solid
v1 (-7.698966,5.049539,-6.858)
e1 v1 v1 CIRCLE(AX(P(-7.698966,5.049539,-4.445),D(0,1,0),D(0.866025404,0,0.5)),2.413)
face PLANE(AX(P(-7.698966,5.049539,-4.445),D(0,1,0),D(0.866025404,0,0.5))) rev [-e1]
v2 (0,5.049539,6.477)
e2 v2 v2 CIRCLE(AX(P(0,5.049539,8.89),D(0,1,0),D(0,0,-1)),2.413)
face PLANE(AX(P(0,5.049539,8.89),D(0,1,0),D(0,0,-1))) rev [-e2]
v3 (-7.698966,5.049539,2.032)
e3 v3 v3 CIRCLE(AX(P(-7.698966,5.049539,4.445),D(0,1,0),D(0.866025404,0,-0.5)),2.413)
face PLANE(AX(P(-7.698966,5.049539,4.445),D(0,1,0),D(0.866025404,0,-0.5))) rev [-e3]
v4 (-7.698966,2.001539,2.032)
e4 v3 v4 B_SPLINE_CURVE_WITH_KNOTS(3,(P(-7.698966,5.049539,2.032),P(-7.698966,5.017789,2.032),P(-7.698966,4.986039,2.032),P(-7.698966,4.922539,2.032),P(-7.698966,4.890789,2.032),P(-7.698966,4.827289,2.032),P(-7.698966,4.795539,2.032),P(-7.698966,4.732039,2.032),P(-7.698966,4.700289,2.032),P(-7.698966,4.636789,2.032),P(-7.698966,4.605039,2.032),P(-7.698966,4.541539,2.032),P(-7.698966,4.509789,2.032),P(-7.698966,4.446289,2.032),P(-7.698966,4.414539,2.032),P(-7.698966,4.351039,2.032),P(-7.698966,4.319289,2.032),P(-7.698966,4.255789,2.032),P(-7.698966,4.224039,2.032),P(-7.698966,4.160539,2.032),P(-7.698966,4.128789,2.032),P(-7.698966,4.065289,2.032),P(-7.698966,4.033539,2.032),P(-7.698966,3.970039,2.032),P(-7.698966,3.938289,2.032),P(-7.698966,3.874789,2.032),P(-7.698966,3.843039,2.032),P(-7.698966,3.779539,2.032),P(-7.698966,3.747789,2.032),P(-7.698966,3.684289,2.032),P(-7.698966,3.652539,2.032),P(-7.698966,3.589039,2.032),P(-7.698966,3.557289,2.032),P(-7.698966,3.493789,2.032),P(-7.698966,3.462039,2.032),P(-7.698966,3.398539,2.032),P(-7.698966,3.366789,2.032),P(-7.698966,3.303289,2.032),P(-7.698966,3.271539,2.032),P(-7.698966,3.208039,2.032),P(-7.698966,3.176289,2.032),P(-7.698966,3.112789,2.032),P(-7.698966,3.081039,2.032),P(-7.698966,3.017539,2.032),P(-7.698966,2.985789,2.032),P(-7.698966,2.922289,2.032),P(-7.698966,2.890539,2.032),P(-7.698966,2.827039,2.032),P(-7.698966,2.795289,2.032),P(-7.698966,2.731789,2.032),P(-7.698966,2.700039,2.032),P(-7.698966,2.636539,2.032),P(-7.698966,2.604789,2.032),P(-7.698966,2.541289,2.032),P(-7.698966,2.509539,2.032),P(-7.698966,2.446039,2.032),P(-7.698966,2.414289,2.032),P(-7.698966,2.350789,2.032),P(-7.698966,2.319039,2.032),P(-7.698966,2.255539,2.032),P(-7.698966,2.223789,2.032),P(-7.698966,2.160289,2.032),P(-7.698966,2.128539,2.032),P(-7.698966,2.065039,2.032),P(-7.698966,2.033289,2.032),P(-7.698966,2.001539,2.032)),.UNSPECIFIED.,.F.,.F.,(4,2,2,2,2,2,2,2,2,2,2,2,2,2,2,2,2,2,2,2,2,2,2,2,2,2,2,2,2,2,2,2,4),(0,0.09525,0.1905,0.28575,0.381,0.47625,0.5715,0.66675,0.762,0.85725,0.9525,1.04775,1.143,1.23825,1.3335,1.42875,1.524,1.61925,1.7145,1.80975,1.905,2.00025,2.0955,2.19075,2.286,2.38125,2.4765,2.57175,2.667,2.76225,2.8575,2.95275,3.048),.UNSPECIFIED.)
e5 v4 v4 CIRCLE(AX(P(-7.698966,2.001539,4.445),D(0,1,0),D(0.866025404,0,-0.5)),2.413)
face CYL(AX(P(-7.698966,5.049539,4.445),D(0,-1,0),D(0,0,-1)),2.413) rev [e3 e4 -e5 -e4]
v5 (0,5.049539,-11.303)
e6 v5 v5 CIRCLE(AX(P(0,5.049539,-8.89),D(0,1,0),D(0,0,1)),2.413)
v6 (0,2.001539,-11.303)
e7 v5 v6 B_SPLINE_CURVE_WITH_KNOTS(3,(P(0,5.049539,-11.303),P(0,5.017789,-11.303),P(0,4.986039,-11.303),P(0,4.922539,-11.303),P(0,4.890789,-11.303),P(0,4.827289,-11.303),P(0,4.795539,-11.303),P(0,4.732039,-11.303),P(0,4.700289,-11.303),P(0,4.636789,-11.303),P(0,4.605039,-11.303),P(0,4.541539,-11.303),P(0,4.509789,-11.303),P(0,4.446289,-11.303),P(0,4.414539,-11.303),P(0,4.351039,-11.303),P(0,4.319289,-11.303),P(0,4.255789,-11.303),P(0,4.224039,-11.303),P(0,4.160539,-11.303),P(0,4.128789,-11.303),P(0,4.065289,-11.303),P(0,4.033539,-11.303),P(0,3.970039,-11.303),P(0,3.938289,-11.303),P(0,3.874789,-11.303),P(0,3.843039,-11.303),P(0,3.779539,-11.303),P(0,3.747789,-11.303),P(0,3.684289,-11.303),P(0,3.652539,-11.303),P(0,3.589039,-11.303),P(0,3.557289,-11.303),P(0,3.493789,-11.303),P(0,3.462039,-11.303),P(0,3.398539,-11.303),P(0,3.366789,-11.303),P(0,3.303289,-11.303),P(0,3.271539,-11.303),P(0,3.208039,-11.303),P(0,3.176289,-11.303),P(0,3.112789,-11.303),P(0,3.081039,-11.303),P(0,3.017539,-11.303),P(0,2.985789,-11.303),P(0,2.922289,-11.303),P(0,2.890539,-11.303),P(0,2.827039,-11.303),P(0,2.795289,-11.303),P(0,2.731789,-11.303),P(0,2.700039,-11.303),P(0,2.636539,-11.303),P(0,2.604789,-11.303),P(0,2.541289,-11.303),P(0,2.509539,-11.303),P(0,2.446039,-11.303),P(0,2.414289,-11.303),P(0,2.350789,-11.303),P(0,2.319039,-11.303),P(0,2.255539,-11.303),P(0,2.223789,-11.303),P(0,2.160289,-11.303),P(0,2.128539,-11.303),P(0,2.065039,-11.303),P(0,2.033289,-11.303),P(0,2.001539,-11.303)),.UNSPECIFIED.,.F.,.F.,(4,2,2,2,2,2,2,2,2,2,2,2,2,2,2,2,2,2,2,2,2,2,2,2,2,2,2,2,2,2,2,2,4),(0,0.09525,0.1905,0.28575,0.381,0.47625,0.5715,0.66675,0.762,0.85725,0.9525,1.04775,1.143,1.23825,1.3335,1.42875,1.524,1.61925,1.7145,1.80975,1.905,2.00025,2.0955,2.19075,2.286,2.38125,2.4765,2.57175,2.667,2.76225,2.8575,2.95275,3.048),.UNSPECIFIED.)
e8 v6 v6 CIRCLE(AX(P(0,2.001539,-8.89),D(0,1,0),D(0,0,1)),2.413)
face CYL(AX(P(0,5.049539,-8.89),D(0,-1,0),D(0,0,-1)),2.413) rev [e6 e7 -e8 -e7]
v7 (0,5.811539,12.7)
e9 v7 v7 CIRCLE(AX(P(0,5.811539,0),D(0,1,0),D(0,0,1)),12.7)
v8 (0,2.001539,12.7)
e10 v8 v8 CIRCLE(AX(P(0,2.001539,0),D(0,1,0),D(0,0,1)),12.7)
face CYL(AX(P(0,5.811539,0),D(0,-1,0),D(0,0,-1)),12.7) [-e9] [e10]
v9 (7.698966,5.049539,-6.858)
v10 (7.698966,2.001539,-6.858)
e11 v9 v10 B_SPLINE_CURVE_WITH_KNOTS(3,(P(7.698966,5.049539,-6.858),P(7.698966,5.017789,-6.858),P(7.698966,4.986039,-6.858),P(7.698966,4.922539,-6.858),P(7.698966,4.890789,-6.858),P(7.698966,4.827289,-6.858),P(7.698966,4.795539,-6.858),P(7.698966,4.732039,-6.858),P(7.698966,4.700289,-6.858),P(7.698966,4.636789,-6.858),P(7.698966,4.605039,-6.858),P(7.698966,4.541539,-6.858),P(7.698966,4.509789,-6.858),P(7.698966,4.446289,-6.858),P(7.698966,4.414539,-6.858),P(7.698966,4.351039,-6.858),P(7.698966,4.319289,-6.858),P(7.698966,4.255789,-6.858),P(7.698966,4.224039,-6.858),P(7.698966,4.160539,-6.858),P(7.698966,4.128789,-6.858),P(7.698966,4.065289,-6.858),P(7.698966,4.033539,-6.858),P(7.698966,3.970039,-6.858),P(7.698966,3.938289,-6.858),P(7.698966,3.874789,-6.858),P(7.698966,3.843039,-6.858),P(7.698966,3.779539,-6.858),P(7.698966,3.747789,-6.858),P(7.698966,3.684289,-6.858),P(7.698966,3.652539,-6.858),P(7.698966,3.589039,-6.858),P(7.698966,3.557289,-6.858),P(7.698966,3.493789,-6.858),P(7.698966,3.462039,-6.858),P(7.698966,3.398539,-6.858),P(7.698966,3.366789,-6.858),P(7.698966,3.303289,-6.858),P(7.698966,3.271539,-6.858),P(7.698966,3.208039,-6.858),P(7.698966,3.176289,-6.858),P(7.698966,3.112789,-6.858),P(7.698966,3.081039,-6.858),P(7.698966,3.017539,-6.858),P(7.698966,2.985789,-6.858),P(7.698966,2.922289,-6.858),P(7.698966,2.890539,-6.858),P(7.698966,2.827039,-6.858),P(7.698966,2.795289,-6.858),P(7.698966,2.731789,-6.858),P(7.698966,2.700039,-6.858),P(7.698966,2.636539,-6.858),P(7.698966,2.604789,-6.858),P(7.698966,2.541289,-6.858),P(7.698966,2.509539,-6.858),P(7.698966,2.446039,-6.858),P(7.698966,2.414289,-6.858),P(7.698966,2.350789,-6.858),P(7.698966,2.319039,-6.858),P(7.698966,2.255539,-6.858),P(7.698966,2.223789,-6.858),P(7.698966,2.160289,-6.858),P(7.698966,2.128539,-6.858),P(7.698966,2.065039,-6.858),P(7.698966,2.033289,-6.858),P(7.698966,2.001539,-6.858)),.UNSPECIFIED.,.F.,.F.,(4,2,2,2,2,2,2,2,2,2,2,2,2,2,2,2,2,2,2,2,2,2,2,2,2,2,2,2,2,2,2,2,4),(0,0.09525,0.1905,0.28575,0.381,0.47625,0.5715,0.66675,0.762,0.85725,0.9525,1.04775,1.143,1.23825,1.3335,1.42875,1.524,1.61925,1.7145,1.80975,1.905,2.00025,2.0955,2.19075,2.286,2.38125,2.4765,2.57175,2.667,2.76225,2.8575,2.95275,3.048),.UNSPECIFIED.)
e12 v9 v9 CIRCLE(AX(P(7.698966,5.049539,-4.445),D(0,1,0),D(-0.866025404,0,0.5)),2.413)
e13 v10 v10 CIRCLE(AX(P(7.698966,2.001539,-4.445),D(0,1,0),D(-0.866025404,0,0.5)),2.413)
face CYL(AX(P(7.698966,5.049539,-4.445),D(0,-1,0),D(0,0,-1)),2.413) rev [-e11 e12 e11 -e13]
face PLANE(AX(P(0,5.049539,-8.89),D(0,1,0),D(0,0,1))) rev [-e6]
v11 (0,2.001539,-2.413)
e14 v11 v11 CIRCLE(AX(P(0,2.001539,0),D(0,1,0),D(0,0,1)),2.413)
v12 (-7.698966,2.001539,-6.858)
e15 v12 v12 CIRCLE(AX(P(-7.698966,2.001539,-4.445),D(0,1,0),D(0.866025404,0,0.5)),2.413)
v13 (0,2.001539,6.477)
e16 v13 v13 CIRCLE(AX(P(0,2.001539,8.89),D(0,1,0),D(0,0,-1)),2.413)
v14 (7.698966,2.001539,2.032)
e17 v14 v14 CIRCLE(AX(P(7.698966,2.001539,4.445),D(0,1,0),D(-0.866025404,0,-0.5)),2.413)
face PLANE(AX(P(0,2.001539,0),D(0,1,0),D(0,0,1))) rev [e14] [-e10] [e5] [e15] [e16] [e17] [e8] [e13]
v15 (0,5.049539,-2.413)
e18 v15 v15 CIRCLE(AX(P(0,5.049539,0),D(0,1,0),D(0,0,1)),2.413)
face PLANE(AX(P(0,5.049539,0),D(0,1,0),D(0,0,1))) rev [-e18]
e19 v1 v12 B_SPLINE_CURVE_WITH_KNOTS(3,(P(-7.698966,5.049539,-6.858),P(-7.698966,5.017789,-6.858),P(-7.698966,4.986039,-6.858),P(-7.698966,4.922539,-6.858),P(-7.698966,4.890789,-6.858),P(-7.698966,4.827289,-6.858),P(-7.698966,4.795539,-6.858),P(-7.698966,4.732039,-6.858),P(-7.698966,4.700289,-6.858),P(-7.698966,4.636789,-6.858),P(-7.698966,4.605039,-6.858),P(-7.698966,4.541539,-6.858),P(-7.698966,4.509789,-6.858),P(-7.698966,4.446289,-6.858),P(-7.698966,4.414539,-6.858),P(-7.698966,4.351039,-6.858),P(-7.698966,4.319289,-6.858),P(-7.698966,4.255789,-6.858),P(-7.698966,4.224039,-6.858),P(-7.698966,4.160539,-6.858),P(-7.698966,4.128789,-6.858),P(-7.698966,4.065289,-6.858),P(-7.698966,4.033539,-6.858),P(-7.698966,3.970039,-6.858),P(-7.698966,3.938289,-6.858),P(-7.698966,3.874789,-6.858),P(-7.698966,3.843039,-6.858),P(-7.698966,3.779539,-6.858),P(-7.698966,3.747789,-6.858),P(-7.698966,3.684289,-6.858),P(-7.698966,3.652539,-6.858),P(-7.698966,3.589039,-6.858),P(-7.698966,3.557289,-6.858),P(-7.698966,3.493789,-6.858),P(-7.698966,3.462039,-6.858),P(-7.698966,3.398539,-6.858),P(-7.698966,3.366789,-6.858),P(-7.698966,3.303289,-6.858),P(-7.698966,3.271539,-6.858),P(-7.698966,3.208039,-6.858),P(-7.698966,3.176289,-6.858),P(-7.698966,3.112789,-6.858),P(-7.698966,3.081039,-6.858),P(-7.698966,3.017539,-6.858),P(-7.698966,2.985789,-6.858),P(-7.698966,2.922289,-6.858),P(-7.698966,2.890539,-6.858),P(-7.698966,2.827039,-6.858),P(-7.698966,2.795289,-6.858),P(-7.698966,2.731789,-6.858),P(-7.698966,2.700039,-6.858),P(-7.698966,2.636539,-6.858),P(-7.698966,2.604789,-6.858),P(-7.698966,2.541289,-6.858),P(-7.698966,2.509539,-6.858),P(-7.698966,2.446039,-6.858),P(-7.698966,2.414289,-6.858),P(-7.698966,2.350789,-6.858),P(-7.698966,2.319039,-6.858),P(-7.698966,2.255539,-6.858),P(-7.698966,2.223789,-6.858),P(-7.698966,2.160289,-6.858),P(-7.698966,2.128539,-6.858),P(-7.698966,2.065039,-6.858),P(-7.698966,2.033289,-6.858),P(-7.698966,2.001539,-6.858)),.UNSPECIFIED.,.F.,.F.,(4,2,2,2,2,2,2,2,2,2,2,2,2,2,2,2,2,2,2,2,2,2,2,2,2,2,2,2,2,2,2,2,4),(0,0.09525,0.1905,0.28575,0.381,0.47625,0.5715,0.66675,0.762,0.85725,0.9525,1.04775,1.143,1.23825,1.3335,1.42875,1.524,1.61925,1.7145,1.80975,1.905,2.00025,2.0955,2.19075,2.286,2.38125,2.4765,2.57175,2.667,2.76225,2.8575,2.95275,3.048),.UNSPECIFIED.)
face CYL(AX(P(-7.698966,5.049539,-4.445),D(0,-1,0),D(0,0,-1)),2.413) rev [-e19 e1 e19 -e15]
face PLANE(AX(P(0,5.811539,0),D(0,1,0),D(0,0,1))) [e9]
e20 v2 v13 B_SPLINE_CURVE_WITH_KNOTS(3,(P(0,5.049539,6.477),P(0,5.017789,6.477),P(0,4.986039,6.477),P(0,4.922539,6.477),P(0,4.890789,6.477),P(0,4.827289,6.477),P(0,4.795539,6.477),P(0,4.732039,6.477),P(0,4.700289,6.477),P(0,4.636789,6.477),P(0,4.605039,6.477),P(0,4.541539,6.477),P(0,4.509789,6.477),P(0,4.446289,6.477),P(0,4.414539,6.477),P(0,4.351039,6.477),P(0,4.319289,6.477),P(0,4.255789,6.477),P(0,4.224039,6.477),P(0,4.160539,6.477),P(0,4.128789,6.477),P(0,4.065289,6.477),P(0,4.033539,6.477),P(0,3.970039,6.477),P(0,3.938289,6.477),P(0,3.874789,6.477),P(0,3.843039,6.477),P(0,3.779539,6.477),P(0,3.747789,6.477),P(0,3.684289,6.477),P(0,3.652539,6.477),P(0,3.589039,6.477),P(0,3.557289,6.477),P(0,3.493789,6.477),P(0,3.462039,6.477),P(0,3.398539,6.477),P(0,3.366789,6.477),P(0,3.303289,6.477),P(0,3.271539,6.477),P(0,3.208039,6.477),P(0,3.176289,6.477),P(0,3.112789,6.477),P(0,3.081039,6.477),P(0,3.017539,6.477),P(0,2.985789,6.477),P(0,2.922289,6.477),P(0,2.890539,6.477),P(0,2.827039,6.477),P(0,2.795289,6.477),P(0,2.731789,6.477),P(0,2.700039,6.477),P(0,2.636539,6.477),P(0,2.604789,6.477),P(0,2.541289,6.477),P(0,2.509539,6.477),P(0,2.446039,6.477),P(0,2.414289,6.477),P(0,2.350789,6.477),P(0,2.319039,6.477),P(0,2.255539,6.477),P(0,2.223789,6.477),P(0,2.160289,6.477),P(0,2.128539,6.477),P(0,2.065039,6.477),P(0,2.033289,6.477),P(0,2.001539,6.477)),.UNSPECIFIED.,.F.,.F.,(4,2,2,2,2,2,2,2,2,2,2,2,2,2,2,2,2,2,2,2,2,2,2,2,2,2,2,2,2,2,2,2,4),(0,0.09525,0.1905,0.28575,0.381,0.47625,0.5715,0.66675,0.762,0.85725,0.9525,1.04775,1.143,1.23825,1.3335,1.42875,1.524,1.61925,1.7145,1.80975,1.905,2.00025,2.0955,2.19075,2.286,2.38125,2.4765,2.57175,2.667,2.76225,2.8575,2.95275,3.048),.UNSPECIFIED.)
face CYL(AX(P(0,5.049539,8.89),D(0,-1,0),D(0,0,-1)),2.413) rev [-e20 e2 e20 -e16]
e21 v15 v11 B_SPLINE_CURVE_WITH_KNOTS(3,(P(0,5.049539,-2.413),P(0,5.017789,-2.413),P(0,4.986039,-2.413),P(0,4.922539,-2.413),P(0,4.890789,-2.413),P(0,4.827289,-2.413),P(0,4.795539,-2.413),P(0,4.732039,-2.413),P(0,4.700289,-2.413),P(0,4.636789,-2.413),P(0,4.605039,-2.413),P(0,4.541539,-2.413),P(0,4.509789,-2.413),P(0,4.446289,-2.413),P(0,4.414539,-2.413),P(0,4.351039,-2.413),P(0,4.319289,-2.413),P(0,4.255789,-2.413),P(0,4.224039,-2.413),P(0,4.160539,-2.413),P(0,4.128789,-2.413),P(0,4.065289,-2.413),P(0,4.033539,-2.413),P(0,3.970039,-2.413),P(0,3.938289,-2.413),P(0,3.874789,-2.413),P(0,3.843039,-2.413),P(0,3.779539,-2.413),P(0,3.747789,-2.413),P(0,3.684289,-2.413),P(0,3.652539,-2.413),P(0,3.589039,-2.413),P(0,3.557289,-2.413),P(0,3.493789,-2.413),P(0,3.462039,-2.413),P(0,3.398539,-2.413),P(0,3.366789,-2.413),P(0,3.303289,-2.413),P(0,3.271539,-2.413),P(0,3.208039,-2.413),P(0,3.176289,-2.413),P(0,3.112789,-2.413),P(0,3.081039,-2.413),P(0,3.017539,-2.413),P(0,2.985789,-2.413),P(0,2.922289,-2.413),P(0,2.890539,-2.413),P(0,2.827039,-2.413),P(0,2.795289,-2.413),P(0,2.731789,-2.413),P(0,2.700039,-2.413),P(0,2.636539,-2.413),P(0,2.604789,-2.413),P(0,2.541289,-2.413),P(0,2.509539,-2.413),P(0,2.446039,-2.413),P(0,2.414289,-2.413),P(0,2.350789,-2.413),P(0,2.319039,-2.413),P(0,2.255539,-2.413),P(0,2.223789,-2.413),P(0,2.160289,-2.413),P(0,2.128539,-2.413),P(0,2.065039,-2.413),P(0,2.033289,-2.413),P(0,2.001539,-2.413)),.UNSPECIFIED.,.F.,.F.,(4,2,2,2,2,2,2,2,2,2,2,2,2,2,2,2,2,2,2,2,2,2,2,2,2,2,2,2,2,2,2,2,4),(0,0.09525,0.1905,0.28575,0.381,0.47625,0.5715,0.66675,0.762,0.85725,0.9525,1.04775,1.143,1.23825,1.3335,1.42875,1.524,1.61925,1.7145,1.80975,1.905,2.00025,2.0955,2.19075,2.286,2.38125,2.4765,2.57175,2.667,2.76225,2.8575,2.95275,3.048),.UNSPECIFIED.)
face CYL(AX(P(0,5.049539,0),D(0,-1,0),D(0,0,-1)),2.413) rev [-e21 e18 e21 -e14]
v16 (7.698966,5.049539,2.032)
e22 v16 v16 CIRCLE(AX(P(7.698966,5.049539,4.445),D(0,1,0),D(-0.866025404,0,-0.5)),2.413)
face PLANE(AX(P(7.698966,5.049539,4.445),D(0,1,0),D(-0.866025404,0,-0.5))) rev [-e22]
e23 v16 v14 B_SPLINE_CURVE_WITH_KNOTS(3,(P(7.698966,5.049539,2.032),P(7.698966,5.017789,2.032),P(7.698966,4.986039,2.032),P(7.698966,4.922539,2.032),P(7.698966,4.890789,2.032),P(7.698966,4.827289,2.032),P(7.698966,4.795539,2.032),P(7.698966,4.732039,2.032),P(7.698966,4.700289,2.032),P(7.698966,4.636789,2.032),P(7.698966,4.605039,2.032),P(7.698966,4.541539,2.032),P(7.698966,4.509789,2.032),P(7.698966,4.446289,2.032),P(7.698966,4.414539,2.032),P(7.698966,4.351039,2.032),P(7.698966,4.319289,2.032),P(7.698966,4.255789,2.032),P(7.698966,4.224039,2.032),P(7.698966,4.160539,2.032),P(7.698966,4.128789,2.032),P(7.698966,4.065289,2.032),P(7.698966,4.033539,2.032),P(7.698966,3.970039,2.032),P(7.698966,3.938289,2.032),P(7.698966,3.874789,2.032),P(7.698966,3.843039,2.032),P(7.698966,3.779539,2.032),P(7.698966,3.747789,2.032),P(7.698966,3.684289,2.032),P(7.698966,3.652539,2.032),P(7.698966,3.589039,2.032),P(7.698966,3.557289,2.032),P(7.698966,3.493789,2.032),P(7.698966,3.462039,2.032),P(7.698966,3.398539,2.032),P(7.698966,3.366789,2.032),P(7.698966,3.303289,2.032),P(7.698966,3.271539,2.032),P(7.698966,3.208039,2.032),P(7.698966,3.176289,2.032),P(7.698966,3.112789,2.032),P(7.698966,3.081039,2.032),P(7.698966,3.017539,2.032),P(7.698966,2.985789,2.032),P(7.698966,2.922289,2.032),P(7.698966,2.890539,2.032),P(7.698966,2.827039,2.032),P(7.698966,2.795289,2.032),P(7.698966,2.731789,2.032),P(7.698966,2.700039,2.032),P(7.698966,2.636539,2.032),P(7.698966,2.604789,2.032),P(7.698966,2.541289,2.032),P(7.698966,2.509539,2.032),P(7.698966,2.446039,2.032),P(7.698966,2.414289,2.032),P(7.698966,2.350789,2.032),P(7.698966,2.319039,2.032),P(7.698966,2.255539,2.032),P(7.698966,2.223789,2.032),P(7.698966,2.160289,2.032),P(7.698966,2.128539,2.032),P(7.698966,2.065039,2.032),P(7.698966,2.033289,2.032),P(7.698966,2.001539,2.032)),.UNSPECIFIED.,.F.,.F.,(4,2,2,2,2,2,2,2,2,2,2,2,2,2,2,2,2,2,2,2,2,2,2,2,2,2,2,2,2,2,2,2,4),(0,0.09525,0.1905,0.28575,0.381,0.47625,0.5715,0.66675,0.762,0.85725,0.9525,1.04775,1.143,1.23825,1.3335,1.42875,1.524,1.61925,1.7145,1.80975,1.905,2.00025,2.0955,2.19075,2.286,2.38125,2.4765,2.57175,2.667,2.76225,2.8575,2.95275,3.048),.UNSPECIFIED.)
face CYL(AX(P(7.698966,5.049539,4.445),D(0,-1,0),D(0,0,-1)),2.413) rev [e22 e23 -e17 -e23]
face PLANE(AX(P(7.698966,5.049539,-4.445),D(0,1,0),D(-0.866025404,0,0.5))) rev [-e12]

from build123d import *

# Parameters (mm, degrees)
SKETCH1_R           = 25.4
BOSS_EXTRUDE2_DEPTH = 7.62
SKETCH4_R           = 4.826
CUT_EXTRUDE2_DEPTH  = 6.096
CIRPATTERN1_COUNT   = 6
SKETCH5_R           = 4.826
CUT_EXTRUDE6_DEPTH  = 6.096
SCALE1_SCALE        = 0.5


with BuildPart() as part:
    # Sketch1 → Boss-Extrude2 (new body)
    with BuildSketch(Plane(origin=(0, 0, 0), x_dir=(1, 0, 0), z_dir=(0, 1, 0))):
        with Locations(Location((0, 0, 0), (0, 0, 270))):
            Circle(SKETCH1_R)
    extrude(amount=BOSS_EXTRUDE2_DEPTH)

    # Sketch4 → Cut-Extrude2 (cut)
    with BuildSketch(Plane(origin=(0, 0, 0), x_dir=(1, 0, 0), z_dir=(0, 1, 0))):
        with Locations(Location((0, 17.78, 0), (0, 0, 90))):
            Circle(SKETCH4_R)
    cut_extrude2 = extrude(amount=CUT_EXTRUDE2_DEPTH, mode=Mode.SUBTRACT)

    # CirPattern1: Cut-Extrude2 ×6 about axis
    cirpattern1_axis = Axis((0, 0, 0), (0, 1, 0))
    for i in range(1, CIRPATTERN1_COUNT):
        add(cut_extrude2.rotate(cirpattern1_axis, i * 360 / CIRPATTERN1_COUNT), mode=Mode.SUBTRACT)

    # Sketch5 → Cut-Extrude6 (cut)
    with BuildSketch(Plane(origin=(0, 0, 0), x_dir=(1, 0, 0), z_dir=(0, 1, 0))):
        with Locations(Location((0, 0, 0), (0, 0, 90))):
            Circle(SKETCH5_R)
    extrude(amount=CUT_EXTRUDE6_DEPTH, mode=Mode.SUBTRACT)


with BuildPart() as part_1:
    # Scale1: scaled about (0, 4.003078713, 0)
    add(part.part.scale(SCALE1_SCALE).moved(Location((0, 2.001539356, 0))))


solid = part_1.part
